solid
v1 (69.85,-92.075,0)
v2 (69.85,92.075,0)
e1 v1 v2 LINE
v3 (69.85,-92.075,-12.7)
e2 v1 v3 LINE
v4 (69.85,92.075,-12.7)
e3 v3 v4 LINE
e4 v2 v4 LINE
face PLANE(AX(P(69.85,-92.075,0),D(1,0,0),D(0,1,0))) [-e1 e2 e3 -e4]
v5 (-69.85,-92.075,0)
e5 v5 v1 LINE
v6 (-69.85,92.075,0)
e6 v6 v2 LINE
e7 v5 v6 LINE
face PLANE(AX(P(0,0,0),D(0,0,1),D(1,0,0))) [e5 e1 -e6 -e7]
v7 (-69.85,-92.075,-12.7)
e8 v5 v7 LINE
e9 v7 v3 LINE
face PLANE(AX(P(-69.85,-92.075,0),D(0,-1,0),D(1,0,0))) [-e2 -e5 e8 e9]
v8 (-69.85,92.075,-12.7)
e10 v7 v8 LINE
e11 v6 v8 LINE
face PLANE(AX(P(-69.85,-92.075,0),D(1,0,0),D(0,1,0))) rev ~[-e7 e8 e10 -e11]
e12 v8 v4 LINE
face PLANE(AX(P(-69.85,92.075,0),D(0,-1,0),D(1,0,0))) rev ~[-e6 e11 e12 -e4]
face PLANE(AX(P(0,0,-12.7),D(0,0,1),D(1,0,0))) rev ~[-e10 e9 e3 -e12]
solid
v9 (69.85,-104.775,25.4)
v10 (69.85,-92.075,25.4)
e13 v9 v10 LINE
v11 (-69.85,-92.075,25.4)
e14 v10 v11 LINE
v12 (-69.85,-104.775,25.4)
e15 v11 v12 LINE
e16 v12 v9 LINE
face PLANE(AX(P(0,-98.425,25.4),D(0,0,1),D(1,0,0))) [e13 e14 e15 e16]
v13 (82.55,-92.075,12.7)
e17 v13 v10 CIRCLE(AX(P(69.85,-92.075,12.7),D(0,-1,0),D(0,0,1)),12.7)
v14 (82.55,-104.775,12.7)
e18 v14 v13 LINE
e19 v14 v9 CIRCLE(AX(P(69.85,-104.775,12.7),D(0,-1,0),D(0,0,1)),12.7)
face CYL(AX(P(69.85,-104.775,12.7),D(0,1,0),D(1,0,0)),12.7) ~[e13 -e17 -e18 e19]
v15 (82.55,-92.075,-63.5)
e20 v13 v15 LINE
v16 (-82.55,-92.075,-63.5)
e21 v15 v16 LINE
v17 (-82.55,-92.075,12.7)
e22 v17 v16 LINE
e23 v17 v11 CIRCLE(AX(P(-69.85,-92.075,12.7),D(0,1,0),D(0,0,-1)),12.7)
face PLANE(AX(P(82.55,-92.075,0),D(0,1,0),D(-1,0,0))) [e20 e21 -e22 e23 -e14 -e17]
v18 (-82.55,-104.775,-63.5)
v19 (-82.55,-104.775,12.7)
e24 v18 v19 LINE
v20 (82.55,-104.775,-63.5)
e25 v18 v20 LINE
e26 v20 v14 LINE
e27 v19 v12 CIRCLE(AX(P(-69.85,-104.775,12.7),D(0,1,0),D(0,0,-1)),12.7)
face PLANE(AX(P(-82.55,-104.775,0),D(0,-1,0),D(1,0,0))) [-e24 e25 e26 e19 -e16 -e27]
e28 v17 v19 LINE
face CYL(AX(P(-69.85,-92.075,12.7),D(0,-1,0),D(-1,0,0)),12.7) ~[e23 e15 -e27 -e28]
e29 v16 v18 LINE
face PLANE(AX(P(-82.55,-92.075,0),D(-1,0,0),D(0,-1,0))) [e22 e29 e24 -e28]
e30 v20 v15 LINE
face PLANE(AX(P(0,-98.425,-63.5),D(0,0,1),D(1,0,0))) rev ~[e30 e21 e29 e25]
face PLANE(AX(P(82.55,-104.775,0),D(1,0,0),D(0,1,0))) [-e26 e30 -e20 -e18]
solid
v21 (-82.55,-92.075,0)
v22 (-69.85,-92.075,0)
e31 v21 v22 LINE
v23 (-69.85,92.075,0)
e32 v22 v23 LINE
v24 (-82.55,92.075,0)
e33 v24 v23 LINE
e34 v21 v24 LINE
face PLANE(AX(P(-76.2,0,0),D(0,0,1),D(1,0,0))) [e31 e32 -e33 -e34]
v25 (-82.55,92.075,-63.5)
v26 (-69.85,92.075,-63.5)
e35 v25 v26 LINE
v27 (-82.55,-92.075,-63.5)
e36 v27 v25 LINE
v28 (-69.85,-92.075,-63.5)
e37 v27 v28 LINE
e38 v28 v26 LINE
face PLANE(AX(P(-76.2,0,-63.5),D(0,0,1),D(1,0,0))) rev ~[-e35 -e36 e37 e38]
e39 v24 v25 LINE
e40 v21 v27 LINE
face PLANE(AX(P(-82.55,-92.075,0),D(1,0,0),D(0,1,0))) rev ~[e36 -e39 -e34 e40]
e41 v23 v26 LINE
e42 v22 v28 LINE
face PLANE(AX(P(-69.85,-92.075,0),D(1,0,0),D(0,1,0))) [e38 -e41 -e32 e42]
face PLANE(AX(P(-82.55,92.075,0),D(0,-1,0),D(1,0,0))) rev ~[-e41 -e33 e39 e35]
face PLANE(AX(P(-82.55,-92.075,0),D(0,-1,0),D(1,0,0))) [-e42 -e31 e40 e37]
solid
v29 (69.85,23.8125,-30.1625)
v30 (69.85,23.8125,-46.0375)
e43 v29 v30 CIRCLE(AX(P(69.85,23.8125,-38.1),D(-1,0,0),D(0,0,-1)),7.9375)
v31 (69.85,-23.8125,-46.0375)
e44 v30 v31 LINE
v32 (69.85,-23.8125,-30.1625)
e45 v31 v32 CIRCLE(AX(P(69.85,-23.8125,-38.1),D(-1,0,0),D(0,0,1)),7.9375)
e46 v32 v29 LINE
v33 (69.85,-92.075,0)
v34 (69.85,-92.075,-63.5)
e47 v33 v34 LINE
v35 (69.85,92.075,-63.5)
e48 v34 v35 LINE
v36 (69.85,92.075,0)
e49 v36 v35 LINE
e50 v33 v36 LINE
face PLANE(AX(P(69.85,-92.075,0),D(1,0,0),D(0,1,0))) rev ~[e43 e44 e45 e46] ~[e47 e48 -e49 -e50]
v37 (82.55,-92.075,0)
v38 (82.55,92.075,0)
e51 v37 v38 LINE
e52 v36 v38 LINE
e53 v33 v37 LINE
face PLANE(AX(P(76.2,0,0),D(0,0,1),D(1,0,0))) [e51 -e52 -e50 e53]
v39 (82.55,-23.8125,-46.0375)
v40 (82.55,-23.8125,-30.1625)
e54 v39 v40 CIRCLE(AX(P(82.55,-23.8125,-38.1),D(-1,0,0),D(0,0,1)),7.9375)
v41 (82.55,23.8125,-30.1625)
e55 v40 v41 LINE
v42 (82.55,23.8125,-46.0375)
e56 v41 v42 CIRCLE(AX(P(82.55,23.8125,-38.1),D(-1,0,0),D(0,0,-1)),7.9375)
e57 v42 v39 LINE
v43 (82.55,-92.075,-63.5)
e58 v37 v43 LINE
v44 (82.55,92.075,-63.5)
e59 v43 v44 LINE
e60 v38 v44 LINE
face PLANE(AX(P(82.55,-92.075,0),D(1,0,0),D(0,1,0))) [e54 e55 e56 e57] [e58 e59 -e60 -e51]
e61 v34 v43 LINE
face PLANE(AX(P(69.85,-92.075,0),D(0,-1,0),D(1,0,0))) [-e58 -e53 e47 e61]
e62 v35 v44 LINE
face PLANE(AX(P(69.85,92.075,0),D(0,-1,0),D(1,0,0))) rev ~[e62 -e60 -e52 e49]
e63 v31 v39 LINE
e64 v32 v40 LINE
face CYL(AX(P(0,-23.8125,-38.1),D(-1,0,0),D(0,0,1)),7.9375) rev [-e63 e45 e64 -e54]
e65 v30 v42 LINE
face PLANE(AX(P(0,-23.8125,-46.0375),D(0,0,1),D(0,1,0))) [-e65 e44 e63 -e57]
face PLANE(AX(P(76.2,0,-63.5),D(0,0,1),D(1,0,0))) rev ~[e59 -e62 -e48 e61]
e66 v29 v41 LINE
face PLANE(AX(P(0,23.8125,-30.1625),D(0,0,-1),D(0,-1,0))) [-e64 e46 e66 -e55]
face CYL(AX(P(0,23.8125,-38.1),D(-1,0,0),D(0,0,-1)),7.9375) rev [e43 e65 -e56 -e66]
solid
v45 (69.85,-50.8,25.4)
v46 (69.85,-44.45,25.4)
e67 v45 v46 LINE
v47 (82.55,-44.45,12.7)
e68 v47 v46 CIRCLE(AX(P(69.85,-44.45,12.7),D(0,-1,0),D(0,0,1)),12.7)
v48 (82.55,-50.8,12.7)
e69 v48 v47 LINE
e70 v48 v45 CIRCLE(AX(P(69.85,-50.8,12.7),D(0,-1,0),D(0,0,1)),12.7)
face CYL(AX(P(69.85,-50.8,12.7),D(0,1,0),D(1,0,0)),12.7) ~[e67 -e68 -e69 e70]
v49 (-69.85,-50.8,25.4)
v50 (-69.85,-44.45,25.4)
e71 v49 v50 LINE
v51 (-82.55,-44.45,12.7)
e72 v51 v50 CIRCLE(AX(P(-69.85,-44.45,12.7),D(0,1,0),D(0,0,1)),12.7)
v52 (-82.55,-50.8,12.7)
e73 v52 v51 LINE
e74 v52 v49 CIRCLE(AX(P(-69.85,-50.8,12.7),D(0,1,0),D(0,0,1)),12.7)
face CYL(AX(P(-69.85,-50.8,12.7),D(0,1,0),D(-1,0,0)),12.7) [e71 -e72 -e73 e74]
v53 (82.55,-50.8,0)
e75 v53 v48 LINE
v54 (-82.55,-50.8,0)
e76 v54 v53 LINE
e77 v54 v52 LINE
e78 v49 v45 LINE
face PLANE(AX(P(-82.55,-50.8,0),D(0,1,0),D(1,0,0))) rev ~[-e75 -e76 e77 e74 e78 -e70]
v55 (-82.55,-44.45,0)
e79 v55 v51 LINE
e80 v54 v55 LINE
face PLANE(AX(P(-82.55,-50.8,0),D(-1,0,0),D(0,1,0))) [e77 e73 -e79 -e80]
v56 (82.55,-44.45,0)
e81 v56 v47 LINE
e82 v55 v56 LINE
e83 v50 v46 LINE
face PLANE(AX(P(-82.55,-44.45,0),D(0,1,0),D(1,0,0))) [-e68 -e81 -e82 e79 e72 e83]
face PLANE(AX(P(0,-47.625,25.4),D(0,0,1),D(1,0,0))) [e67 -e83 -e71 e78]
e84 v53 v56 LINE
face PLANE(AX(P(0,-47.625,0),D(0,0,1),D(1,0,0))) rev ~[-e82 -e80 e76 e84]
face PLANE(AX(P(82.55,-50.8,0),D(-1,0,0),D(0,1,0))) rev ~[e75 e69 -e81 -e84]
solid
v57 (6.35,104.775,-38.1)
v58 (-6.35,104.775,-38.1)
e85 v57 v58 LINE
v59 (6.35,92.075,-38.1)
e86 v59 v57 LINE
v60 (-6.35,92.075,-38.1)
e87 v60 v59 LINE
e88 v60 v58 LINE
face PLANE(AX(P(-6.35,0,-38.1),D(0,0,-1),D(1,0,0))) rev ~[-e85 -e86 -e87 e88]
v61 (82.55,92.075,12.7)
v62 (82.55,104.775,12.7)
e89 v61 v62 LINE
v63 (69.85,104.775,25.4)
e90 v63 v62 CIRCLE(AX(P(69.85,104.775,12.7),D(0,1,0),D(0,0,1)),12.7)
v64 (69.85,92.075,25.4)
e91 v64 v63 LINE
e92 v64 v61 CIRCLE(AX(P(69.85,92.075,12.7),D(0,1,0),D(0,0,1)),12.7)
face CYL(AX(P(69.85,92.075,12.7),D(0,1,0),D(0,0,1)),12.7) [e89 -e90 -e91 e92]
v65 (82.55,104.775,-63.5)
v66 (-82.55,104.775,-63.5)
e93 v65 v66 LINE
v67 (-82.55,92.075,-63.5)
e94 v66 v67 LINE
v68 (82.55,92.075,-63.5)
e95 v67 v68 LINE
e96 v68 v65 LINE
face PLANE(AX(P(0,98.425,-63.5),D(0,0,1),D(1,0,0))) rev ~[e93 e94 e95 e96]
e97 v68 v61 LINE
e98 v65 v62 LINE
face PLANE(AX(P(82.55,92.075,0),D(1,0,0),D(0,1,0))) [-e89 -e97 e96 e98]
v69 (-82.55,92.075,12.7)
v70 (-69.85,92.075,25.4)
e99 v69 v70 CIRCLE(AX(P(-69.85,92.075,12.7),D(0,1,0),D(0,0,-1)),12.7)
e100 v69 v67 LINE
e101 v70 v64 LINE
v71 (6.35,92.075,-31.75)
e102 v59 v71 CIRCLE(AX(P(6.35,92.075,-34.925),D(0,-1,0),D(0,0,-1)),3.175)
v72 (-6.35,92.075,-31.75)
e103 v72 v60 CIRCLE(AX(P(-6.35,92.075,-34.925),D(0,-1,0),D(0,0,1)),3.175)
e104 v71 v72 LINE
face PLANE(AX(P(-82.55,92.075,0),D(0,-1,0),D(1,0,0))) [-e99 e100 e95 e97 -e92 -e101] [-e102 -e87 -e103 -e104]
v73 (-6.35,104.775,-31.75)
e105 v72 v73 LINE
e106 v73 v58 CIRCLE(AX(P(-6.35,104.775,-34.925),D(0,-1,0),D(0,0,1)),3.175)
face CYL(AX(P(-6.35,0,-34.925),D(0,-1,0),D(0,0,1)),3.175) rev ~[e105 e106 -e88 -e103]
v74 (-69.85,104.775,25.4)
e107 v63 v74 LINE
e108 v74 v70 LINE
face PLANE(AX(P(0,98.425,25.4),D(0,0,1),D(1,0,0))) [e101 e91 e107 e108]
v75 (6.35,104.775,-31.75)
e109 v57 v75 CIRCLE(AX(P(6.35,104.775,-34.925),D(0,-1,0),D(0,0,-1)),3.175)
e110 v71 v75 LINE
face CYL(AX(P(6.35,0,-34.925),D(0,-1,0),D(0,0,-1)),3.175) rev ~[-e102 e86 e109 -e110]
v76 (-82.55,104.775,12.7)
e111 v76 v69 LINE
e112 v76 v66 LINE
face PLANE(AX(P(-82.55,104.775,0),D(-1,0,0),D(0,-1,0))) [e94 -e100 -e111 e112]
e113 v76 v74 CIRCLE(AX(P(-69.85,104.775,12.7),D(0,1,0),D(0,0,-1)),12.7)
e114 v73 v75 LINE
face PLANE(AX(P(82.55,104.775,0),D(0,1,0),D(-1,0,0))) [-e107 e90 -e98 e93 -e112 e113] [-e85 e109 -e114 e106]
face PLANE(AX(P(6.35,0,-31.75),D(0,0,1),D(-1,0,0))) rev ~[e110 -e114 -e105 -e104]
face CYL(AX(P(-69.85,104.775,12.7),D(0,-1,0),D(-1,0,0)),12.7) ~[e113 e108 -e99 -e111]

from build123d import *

# Parameters (mm, degrees)
F0_W          = 12.7
F0_H          = 184.15
F1_DEPTH      = 63.5
F2_DEPTH      = 25.4
F2_DEPTH_BACK = 63.5
F3_W          = 139.7
F3_H          = 184.15
F4_DEPTH      = 12.7
F6_DEPTH      = 82.551
F7_W          = 165.1
F7_H          = 6.35
F8_DEPTH      = 25.4
F9_R          = 12.7
F9_2_R        = 12.7
F11_DEPTH     = 104.776


with BuildPart() as f1:
    # F0 (on Top) → F1 (new body)
    with BuildSketch(Plane.XY):
        with Locations((76.2, 0)):
            Rectangle(F0_W, F0_H)
        with Locations((-76.2, 0)):
            Rectangle(F0_W, F0_H)
    extrude(amount=-F1_DEPTH)

    # F5 (on Right) → F6 (cut, through all)
    with BuildSketch(Plane.YZ):
        with BuildLine():
            ThreePointArc((-23.8125, -30.1625), (-31.75, -38.1), (-23.8125, -46.0375))
            Line((-23.8125, -46.0375), (23.8125, -46.0375))
            ThreePointArc((23.8125, -46.0375), (31.75, -38.1), (23.8125, -30.1625))
            Line((23.8125, -30.1625), (-23.8125, -30.1625))
        make_face()
    extrude(amount=F6_DEPTH, mode=Mode.SUBTRACT)


with BuildPart() as f2:
    # F0 (on Top) → F2 (new body, two sides)
    with BuildSketch(Plane.XY) as f2_sk:
        Polygon((69.85, -92.075), (-69.85, -92.075), (-82.55, -92.075), (-82.55, -104.775), (82.55, -104.775), (82.55, -92.075), align=None)
        Polygon((-82.55, 92.075), (-69.85, 92.075), (69.85, 92.075), (82.55, 92.075), (82.55, 104.775), (-82.55, 104.775), align=None)
    extrude(amount=F2_DEPTH)
    extrude(f2_sk.sketch, amount=-F2_DEPTH_BACK)

    # F9
    f9_edges = [f2.edges().sort_by_distance(p)[0] for p in [
        (-82.55, 98.425, 25.4),
        (82.55, 98.425, 25.4),
        (-82.55, -98.425, 25.4),
        (82.55, -98.425, 25.4),
    ]]
    fillet(f9_edges, radius=F9_R)

    # F10 (on Front) → F11 (cut, through all)
    with BuildSketch(Plane.XZ):
        with BuildLine():
            ThreePointArc((-6.35, -31.75), (-9.525, -34.925), (-6.35, -38.1))
            Line((-6.35, -38.1), (6.35, -38.1))
            ThreePointArc((6.35, -38.1), (9.525, -34.925), (6.35, -31.75))
            Line((6.35, -31.75), (-6.35, -31.75))
        make_face()
    extrude(amount=-F11_DEPTH, mode=Mode.SUBTRACT)


with BuildPart() as f4:
    # F3 (on Top) → F4 (new body)
    with BuildSketch(Plane.XY):
        Rectangle(F3_W, F3_H)
    extrude(amount=-F4_DEPTH)


with BuildPart() as f8:
    # F7 (on Top) → F8 (new body)
    with BuildSketch(Plane.XY):
        with Locations((0, -47.625)):
            Rectangle(F7_W, F7_H)
    extrude(amount=F8_DEPTH)

    # F9#2
    f9_2_edges = [f8.edges().sort_by_distance(p)[0] for p in [
        (82.55, -47.625, 25.4),
        (-82.55, -47.625, 25.4),
    ]]
    fillet(f9_2_edges, radius=F9_2_R)


solid = Compound([f1.part, f2.part, f4.part, f8.part])
